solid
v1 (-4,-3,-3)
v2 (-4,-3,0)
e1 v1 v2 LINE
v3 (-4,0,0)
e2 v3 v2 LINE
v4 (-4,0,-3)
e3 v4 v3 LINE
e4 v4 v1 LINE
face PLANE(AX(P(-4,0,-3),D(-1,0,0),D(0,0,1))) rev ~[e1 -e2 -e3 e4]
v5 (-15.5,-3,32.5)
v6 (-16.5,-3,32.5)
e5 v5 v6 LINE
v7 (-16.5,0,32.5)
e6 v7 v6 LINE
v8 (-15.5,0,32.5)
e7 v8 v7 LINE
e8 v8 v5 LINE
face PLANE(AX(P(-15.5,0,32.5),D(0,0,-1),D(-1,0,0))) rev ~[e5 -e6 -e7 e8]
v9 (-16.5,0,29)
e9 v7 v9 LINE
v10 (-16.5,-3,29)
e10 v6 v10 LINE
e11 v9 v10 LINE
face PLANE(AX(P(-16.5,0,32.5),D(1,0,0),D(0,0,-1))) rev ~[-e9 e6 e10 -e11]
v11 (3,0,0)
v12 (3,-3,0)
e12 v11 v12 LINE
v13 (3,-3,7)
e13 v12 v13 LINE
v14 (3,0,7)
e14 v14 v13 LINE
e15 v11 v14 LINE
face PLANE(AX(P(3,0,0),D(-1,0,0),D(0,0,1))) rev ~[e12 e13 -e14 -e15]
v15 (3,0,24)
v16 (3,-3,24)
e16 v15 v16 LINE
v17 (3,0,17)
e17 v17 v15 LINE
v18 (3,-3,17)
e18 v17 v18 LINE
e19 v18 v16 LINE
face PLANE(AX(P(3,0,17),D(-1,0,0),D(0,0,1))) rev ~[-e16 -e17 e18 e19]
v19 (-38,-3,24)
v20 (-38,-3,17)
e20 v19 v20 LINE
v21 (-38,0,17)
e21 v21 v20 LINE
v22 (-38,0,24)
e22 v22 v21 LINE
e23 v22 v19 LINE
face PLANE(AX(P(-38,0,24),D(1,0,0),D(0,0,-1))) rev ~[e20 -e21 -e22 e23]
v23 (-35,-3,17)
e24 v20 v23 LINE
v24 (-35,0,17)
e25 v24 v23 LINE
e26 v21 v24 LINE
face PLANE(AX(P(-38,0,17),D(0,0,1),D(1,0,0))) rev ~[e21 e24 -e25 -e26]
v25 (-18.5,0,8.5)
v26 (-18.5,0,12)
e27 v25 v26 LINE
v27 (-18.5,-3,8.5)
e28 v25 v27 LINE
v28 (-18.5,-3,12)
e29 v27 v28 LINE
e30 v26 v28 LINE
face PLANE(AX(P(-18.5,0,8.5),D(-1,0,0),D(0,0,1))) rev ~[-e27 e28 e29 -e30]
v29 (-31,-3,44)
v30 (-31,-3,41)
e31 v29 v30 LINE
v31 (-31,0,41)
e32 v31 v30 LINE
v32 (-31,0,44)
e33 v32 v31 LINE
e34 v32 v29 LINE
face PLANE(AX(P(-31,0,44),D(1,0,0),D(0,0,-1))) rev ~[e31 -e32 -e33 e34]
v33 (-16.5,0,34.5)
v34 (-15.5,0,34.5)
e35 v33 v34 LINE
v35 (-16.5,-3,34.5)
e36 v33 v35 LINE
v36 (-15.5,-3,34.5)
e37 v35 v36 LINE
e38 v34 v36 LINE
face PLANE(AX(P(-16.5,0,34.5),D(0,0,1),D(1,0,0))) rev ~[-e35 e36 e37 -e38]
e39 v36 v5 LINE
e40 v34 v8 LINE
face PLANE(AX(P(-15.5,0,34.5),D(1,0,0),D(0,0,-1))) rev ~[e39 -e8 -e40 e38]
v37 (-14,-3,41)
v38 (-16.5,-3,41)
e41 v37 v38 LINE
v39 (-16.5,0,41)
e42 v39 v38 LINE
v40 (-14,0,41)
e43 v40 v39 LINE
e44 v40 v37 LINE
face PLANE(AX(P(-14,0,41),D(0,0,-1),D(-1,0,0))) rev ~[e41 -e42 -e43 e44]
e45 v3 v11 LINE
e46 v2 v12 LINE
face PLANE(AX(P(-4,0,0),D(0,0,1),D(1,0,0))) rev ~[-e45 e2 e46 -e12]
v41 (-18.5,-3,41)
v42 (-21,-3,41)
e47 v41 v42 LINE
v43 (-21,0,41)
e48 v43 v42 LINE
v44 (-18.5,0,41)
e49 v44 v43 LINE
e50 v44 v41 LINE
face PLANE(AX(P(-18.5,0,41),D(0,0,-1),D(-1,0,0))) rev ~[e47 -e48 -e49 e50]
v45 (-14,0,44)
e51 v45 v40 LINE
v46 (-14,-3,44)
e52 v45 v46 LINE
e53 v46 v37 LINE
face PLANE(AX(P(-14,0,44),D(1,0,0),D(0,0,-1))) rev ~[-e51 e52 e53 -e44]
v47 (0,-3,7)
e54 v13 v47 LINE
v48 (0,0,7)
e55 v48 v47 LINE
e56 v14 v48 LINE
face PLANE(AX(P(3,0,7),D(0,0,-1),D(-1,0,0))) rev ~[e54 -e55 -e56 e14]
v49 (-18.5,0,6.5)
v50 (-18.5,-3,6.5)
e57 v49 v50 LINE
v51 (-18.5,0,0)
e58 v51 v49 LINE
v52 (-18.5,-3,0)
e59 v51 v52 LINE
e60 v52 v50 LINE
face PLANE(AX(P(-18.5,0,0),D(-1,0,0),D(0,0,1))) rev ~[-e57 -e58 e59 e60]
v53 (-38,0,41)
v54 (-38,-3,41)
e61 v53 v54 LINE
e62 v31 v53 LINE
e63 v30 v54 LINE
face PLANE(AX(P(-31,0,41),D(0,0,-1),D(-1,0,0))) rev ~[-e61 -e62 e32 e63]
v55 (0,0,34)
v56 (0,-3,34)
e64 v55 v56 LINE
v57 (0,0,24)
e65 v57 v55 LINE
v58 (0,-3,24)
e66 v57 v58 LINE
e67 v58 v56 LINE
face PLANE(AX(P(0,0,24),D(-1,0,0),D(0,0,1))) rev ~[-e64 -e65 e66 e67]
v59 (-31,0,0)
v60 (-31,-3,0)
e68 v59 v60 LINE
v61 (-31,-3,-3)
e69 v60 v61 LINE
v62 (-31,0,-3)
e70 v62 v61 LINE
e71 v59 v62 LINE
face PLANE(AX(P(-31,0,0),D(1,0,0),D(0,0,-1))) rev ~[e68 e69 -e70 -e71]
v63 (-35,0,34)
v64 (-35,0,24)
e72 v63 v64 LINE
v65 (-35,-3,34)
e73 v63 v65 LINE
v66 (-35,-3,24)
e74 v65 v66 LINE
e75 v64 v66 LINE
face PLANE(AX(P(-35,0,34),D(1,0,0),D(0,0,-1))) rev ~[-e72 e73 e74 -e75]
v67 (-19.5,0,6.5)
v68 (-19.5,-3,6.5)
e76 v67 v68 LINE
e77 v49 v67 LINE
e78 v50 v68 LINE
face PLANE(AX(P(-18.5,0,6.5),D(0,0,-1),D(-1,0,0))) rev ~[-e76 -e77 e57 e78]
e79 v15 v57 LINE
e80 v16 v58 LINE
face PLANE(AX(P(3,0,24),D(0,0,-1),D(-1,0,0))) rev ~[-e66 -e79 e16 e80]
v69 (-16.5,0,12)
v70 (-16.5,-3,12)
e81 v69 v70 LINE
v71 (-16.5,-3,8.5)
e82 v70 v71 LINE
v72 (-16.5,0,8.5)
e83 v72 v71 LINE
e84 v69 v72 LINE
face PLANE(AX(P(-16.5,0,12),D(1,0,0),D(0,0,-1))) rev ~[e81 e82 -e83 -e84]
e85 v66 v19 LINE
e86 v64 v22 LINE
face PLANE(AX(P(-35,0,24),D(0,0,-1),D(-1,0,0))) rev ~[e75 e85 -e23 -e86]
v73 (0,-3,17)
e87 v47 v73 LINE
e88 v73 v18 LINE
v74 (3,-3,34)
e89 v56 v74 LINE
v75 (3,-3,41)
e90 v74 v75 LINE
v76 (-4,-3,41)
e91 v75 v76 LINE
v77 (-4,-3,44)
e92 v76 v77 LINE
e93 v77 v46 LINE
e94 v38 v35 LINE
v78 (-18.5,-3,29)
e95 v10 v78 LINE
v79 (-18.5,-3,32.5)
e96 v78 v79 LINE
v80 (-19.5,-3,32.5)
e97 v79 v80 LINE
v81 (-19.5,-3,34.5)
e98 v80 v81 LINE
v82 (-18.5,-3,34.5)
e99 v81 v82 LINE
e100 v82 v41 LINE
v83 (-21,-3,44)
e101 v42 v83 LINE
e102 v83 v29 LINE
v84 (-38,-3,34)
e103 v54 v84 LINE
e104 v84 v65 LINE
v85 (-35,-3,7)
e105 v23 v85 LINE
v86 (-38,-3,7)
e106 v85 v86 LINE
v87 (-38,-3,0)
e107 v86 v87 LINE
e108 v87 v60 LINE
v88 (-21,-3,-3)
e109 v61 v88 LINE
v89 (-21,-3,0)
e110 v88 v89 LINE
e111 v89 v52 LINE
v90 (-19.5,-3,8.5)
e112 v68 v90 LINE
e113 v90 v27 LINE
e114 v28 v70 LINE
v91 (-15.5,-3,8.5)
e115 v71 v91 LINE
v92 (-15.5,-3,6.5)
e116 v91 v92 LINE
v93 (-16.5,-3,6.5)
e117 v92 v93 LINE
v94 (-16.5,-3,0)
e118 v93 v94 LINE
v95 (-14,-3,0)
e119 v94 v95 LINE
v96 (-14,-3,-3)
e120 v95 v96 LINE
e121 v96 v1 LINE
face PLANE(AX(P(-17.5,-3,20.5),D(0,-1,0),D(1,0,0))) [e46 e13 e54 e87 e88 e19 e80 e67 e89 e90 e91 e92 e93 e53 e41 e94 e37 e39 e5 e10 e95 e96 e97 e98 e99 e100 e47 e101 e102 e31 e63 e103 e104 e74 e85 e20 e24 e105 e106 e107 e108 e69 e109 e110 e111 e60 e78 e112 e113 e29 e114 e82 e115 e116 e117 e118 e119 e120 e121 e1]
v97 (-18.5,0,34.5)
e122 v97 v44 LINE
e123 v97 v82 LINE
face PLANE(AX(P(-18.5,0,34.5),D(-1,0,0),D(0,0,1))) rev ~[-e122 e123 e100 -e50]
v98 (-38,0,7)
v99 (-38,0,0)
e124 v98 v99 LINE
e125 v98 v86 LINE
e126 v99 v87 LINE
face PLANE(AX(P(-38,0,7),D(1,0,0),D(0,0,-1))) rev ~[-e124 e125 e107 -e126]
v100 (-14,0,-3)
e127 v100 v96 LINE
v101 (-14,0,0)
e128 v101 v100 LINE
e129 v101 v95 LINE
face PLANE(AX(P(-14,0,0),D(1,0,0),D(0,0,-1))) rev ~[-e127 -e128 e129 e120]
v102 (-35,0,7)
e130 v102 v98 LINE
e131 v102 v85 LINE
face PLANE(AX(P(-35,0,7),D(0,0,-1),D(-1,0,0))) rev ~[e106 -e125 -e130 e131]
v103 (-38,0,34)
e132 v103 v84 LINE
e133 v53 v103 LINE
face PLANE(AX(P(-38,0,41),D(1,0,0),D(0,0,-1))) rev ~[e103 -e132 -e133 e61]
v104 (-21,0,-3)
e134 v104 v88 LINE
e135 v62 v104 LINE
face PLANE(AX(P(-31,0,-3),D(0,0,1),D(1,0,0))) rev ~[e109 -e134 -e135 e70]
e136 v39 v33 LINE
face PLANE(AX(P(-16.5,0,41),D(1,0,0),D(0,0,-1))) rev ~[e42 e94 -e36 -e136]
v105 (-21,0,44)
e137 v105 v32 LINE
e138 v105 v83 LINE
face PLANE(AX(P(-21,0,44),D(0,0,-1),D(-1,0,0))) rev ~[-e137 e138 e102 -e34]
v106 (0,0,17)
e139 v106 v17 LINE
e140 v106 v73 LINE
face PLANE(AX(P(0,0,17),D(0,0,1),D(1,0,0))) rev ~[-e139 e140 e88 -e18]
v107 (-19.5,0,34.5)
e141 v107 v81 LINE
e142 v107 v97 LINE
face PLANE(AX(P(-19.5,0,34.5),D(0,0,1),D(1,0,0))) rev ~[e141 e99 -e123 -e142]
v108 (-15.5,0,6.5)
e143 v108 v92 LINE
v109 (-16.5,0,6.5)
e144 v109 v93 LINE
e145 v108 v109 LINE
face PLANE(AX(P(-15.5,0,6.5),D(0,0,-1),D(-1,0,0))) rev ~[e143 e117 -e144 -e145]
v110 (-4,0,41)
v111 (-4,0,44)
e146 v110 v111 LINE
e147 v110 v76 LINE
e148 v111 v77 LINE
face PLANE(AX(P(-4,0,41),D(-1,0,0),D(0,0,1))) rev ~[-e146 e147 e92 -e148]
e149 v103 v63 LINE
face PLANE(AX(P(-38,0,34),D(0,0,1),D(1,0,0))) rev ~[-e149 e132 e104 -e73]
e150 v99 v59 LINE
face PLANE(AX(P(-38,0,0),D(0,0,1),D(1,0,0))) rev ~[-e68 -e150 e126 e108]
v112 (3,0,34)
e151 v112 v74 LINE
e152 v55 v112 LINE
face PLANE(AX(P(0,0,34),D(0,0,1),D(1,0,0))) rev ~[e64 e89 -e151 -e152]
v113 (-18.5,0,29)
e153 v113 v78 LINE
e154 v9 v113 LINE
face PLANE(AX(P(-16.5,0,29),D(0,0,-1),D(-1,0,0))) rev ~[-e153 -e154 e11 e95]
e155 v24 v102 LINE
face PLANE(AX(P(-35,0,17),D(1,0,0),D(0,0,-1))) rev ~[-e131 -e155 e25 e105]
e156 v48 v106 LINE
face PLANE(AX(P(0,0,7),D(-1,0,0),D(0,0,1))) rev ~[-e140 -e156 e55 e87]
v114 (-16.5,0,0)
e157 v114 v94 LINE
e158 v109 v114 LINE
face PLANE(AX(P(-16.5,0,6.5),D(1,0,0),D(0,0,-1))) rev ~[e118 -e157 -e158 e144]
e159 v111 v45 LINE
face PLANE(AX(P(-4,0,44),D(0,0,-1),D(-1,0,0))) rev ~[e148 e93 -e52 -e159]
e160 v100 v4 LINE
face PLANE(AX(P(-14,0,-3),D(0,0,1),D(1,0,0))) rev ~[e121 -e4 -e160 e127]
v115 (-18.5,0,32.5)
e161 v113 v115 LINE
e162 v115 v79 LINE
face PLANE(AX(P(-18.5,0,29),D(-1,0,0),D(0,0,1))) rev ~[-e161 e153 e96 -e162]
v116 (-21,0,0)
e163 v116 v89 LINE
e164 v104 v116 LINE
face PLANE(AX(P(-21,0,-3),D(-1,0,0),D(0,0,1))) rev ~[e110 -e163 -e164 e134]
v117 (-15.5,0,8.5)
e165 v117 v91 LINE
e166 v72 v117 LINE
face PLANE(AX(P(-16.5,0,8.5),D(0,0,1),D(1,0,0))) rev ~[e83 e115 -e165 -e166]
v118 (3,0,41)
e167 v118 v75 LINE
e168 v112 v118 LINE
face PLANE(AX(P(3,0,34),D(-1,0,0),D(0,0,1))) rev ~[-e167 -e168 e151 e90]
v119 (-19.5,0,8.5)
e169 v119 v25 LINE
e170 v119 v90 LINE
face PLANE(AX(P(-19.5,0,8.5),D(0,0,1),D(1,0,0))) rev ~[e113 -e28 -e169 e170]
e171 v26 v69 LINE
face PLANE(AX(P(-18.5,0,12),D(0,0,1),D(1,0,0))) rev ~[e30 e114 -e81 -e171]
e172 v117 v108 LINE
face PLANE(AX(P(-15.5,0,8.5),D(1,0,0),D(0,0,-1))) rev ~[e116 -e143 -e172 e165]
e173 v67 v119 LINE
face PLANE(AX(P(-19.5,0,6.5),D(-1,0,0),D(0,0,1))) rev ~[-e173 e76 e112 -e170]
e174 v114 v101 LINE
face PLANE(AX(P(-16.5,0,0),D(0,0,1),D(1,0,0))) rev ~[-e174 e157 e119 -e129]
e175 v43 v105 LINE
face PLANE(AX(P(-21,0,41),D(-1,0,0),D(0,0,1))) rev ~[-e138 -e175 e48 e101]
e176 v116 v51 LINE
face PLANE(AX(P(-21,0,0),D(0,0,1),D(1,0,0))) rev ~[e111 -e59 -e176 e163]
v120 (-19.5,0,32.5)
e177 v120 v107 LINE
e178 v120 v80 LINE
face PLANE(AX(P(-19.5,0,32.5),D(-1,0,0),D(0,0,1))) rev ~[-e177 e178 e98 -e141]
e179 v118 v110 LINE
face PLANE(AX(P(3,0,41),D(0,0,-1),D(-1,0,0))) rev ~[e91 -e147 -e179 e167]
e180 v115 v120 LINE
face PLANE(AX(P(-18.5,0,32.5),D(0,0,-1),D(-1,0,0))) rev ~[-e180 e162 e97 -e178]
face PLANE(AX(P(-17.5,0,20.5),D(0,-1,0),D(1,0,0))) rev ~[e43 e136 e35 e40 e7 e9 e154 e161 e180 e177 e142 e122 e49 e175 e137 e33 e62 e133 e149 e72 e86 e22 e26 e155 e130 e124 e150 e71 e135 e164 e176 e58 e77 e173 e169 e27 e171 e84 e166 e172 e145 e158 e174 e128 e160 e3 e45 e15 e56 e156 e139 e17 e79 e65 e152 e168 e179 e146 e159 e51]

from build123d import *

# Parameters (mm, degrees)
F1_DEPTH = 3


with BuildPart() as f1:
    # F0 (on Front) → F1 (new body)
    with BuildSketch(Plane.XZ):
        Polygon((0, 0), (3, 0), (3, 7), (0, 7), (0, 17), (3, 17), (3, 24), (0, 24), (0, 34), (3, 34), (3, 41), (-4, 41), (-4, 44), (-14, 44), (-14, 41), (-16.5, 41), (-16.5, 34.5), (-15.5, 34.5), (-15.5, 32.5), (-16.5, 32.5), (-16.5, 29), (-18.5, 29), (-18.5, 32.5), (-19.5, 32.5), (-19.5, 34.5), (-18.5, 34.5), (-18.5, 41), (-21, 41), (-21, 44), (-31, 44), (-31, 41), (-38, 41), (-38, 34), (-35, 34), (-35, 24), (-38, 24), (-38, 17), (-35, 17), (-35, 7), (-38, 7), (-38, 0), (-31, 0), (-31, -3), (-21, -3), (-21, 0), (-18.5, 0), (-18.5, 6.5), (-19.5, 6.5), (-19.5, 8.5), (-18.5, 8.5), (-18.5, 12), (-16.5, 12), (-16.5, 8.5), (-15.5, 8.5), (-15.5, 6.5), (-16.5, 6.5), (-16.5, 0), (-14, 0), (-14, -3), (-4, -3), (-4, 0), align=None)
    extrude(amount=F1_DEPTH)


solid = f1.part
